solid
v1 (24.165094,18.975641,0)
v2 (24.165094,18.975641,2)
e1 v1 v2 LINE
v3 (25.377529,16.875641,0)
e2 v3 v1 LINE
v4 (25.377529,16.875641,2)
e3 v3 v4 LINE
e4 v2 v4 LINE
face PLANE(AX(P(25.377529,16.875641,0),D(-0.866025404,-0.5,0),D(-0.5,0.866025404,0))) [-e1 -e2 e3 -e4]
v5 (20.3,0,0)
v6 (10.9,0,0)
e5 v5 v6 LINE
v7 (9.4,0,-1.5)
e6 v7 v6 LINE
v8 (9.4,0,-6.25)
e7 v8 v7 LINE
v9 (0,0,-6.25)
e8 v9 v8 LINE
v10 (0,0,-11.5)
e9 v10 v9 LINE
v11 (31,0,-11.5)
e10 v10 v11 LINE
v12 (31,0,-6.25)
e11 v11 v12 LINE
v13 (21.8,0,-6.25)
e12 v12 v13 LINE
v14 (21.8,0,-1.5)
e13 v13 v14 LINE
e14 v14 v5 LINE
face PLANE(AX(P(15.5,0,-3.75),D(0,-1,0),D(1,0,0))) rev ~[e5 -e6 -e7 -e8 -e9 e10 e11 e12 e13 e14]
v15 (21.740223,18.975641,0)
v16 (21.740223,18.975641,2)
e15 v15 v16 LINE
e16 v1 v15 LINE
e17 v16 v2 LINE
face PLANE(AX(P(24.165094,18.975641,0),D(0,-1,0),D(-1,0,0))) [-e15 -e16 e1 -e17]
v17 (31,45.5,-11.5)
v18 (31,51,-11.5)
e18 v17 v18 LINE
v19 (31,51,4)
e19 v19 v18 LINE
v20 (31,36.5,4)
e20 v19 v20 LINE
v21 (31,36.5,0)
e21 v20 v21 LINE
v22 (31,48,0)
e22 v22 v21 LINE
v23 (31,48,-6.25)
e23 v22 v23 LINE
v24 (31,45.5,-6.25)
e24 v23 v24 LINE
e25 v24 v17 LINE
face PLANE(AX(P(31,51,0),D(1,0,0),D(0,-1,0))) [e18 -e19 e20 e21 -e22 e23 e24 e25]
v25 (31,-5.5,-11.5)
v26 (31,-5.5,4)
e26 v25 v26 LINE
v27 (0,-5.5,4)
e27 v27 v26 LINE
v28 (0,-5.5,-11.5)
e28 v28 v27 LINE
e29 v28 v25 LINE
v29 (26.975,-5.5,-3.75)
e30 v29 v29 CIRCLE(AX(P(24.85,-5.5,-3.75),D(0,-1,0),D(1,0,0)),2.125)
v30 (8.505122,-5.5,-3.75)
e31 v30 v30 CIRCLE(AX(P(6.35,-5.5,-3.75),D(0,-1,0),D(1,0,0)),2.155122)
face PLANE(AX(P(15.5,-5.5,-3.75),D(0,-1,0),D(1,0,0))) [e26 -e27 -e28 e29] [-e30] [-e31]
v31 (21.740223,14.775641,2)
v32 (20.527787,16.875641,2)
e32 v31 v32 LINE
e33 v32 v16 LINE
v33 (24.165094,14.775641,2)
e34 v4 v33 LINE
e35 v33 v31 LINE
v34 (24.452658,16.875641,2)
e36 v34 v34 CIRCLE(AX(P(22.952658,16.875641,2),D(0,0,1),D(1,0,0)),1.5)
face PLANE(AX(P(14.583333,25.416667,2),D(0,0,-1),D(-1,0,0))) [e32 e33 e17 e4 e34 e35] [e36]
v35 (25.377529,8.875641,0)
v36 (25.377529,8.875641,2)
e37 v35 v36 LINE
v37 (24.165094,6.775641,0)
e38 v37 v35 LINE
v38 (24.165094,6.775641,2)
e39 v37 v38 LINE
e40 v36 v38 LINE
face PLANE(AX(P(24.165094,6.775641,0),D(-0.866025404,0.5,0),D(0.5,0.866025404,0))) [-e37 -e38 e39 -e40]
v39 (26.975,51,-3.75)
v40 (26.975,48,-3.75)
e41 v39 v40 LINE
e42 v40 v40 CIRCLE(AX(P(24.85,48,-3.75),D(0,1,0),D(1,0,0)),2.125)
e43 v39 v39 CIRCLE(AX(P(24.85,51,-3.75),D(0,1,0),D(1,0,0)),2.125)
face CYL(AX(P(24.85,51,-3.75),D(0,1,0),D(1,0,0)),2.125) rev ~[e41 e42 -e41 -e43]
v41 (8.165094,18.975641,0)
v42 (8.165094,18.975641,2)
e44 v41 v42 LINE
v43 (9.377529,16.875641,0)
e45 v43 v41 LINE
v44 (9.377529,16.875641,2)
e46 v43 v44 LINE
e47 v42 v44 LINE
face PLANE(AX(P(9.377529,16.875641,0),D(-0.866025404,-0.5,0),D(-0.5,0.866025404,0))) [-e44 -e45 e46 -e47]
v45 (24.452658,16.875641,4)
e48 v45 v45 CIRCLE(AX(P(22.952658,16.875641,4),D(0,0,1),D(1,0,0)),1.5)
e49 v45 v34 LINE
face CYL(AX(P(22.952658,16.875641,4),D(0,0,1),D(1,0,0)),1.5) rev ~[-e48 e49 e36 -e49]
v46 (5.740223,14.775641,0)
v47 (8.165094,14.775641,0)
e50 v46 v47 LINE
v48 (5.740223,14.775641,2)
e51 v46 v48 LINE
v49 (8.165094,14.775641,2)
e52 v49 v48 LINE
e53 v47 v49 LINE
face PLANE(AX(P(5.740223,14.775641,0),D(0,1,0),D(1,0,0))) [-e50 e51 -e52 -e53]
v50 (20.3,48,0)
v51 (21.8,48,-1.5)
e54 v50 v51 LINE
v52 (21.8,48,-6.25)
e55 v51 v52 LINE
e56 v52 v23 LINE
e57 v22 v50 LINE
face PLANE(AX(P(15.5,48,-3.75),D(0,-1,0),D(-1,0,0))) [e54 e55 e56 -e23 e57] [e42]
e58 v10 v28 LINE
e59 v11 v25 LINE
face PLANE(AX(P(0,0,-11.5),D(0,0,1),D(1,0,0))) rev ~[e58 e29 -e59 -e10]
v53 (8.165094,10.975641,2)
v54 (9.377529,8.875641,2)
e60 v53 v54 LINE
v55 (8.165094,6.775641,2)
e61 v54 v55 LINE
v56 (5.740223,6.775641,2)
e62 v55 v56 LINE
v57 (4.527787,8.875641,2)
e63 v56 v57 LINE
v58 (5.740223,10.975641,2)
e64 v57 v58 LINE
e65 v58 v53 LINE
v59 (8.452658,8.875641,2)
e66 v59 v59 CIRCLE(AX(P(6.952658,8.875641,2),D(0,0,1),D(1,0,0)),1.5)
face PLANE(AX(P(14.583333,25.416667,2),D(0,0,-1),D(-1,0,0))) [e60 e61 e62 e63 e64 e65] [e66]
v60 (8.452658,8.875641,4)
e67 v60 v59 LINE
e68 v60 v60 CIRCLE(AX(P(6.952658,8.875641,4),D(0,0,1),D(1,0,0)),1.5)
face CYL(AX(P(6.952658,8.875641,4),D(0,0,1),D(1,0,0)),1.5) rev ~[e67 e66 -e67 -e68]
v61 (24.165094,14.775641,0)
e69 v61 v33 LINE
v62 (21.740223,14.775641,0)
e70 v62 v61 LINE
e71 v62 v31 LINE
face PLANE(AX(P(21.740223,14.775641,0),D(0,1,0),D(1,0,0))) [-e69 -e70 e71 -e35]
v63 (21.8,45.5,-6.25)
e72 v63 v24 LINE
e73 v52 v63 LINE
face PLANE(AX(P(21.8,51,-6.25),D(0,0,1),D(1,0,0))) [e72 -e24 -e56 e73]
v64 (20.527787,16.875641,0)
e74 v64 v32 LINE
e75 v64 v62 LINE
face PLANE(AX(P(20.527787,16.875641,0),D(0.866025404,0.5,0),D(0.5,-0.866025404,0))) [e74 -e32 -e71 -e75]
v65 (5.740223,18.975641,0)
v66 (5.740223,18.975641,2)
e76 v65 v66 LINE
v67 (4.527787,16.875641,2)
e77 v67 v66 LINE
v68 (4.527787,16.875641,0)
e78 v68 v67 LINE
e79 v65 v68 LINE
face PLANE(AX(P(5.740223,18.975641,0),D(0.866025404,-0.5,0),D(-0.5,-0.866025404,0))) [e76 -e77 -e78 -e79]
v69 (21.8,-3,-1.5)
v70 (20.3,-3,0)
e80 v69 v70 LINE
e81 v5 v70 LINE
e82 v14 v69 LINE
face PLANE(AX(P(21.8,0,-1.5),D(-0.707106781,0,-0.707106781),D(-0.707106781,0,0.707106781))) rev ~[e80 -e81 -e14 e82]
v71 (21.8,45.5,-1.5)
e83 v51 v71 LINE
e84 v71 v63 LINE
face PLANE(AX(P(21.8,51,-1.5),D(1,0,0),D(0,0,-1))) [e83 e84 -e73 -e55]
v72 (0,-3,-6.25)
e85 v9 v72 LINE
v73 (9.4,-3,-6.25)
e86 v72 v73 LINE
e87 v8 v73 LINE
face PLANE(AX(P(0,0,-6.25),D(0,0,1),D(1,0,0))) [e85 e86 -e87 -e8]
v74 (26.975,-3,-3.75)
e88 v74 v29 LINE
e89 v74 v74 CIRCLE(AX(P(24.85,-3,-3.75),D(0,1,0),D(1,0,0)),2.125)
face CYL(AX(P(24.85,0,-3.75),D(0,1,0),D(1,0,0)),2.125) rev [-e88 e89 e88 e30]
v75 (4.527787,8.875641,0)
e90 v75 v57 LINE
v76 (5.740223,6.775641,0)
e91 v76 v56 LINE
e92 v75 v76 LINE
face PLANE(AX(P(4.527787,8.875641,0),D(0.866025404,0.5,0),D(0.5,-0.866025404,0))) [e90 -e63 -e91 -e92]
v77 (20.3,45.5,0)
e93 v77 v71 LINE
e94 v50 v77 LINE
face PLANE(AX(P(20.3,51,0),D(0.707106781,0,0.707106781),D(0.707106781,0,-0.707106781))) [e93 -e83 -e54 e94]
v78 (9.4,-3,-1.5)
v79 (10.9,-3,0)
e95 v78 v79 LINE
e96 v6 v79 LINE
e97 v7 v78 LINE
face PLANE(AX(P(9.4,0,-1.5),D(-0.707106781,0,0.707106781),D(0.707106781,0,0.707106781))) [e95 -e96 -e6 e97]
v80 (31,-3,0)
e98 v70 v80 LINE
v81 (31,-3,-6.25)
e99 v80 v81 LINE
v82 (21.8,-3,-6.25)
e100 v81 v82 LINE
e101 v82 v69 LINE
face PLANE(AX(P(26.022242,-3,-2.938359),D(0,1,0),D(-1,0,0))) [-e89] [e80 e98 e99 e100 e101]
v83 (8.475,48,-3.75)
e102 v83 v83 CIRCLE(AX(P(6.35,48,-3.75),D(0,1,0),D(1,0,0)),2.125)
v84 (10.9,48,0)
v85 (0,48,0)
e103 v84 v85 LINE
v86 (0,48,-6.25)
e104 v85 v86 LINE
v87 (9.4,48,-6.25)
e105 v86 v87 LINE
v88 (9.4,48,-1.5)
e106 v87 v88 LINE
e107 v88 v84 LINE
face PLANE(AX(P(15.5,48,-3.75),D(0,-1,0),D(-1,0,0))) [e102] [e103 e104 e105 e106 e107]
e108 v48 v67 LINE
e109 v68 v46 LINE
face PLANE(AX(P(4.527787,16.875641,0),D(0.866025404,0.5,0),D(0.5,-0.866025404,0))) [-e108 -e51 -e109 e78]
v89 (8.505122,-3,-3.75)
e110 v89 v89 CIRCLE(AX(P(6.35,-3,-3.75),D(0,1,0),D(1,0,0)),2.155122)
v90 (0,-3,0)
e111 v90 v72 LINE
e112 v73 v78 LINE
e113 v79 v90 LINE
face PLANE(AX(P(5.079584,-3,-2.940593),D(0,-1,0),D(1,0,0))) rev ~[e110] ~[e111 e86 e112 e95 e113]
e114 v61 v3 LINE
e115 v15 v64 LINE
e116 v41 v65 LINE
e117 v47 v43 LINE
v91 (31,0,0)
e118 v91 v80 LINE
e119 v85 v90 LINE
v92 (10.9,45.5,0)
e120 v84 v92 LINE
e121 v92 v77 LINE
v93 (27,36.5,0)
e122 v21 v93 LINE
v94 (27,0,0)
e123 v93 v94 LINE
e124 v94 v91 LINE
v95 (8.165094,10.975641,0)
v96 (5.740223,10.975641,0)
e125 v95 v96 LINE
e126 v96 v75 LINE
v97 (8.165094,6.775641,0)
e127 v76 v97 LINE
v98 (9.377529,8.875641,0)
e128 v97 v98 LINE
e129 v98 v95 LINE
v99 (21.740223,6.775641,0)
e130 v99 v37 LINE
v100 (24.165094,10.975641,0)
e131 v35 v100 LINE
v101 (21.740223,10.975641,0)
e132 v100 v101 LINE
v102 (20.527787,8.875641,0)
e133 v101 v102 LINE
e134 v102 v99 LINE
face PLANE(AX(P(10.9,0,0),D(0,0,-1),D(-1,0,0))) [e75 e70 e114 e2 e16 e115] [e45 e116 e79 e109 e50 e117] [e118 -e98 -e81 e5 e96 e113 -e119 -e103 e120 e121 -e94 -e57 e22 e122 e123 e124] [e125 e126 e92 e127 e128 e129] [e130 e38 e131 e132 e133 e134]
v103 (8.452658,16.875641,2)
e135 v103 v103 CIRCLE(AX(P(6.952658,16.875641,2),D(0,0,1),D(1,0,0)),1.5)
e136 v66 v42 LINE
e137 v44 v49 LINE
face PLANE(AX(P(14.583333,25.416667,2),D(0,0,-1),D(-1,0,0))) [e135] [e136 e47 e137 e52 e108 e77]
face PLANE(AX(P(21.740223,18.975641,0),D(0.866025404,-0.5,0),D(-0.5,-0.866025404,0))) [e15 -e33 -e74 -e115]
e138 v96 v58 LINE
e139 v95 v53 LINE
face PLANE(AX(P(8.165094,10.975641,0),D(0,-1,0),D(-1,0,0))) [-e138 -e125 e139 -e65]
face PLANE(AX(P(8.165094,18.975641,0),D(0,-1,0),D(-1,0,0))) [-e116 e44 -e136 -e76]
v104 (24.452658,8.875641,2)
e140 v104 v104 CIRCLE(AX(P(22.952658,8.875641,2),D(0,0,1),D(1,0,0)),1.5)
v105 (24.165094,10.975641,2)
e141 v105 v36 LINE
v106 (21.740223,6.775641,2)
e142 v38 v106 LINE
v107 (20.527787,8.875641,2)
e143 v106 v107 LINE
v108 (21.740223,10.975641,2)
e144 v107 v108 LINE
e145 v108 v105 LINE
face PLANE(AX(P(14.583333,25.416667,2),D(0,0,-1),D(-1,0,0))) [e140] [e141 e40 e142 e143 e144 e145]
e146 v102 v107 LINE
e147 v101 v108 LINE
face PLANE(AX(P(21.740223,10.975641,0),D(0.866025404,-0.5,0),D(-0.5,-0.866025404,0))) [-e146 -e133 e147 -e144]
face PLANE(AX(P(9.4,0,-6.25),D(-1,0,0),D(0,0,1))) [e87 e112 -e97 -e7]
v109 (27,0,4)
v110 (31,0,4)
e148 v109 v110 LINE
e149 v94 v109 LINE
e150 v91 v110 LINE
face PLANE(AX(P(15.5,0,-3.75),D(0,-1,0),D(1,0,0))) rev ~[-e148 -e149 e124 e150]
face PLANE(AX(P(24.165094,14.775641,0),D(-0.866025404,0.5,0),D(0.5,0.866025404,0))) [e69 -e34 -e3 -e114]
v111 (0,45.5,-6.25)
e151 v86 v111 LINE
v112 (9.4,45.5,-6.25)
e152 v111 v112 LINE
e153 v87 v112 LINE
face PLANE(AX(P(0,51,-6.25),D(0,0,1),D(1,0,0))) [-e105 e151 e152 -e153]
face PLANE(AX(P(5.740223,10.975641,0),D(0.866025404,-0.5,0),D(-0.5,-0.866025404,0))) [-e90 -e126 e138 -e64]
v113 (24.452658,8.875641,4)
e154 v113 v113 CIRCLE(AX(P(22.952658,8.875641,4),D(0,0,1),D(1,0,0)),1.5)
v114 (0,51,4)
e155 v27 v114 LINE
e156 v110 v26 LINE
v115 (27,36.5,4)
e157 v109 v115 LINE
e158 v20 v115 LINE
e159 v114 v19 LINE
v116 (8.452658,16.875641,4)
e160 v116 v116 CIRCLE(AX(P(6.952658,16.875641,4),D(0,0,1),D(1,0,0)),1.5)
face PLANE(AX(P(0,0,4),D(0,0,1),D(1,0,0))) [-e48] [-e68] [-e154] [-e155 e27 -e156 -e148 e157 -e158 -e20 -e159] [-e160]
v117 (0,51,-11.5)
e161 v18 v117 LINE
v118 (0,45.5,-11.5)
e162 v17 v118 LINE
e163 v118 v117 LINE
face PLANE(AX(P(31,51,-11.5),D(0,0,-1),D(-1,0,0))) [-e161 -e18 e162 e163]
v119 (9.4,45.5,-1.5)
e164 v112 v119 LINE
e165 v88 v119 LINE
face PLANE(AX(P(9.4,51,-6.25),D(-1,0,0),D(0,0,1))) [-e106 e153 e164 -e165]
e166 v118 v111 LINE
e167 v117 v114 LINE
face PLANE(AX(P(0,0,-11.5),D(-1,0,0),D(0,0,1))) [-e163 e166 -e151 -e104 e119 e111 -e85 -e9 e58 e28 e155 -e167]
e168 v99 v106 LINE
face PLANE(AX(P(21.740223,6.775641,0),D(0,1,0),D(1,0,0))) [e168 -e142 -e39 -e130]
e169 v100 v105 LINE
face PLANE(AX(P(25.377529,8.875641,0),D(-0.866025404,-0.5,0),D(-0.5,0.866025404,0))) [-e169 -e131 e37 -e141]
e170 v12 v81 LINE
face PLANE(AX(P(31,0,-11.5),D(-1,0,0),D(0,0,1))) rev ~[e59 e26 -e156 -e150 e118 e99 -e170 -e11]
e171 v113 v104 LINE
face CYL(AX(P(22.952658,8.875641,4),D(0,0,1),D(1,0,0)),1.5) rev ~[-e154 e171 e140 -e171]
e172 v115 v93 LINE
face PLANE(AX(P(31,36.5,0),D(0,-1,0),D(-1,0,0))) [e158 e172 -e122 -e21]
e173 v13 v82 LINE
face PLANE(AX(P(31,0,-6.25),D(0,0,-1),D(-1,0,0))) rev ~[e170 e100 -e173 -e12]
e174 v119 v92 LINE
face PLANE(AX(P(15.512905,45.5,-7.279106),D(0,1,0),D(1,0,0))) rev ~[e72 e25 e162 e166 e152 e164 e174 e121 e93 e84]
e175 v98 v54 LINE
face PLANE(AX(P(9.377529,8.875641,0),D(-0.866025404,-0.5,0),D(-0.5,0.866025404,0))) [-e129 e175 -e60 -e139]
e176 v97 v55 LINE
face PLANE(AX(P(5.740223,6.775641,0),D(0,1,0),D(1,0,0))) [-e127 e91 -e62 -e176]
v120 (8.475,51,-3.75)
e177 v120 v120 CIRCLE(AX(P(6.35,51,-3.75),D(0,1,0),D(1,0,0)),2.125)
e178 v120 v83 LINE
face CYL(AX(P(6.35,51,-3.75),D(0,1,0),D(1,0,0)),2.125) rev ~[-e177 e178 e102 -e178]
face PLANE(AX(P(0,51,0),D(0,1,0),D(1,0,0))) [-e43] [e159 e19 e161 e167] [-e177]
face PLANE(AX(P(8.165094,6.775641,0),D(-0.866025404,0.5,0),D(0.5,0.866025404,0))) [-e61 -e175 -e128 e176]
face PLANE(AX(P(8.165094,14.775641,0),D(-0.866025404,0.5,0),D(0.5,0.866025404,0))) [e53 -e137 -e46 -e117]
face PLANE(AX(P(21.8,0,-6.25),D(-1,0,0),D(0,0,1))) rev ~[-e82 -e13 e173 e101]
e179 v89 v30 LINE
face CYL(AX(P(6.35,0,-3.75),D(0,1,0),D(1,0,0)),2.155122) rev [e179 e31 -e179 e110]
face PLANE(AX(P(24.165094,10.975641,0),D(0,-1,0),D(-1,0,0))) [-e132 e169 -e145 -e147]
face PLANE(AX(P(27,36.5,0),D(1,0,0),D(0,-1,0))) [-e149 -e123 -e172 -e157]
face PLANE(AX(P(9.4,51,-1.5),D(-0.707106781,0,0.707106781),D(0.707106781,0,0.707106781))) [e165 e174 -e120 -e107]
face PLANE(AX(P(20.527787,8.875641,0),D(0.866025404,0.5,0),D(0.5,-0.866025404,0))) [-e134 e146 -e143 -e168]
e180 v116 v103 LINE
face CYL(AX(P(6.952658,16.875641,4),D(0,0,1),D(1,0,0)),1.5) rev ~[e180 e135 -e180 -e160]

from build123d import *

# Parameters (mm, degrees)
BOSS_EXTRUDE1_DEPTH = 4
SKETCH2_R           = 1.5
BOSS_EXTRUDE2_DEPTH = 2
BOSS_EXTRUDE3_DEPTH = 5.5
SKETCH4_R           = 2.125
BOSS_EXTRUDE4_DEPTH = 3
SKETCH6_W           = 31
SKETCH6_H           = 15.5
SKETCH6_R           = 2.155122413
SKETCH6_R_2         = 2.125
BOSS_EXTRUDE5_DEPTH = 5.5
CUT_EXTRUDE4_DEPTH  = 3


with BuildPart() as part:
    # Sketch1 → Boss-Extrude1 (new body)
    with BuildSketch(Plane.XY):
        Polygon((0, 51), (31, 51), (31, 36.5), (27, 36.5), (27, 0), (0, 0), align=None)
        Polygon((24.165093822, 18.975641236), (21.740222692, 18.975641236), (20.527787127, 16.875641236), (21.740222692, 14.775641236), (24.165093822, 14.775641236), (25.377529388, 16.875641236), align=None, mode=Mode.SUBTRACT)
        Polygon((24.165093822, 10.975641236), (21.740222692, 10.975641236), (20.527787127, 8.875641236), (21.740222692, 6.775641236), (24.165093822, 6.775641236), (25.377529388, 8.875641236), align=None, mode=Mode.SUBTRACT)
        Polygon((8.165093822, 18.975641236), (5.740222692, 18.975641236), (4.527787127, 16.875641236), (5.740222692, 14.775641236), (8.165093822, 14.775641236), (9.377529388, 16.875641236), align=None, mode=Mode.SUBTRACT)
        Polygon((8.165093822, 10.975641236), (5.740222692, 10.975641236), (4.527787127, 8.875641236), (5.740222692, 6.775641236), (8.165093822, 6.775641236), (9.377529388, 8.875641236), align=None, mode=Mode.SUBTRACT)
    extrude(amount=BOSS_EXTRUDE1_DEPTH)

    # Sketch2 → Boss-Extrude2 (add)
    with BuildSketch(Plane.XY.offset(4)):
        Polygon((0, 51), (31, 51), (31, 36.5), (27, 36.5), (27, -2), (0, -2), align=None)
        with Locations((22.952658257, 16.875641236)):
            Circle(SKETCH2_R, mode=Mode.SUBTRACT)
        with Locations((22.952658257, 8.875641236)):
            Circle(SKETCH2_R, mode=Mode.SUBTRACT)
        with Locations((6.952658257, 8.875641236)):
            Circle(SKETCH2_R, mode=Mode.SUBTRACT)
        with Locations((6.952658257, 16.875641236)):
            Circle(SKETCH2_R, mode=Mode.SUBTRACT)
    extrude(amount=-BOSS_EXTRUDE2_DEPTH)

    # Sketch3 → Boss-Extrude3 (add)
    with BuildSketch(Plane(origin=(0, 51, 0), x_dir=(1, 0, 0), z_dir=(0, 1, 0))):
        Polygon((10.9, 0), (20.3, 0), (21.8, 1.5), (21.8, 6.25), (31, 6.25), (31, 11.5), (0, 11.5), (0, 11.25), (0, 6.25), (1.8, 6.25), (9.4, 6.25), (9.4, 1.5), align=None)
    extrude(amount=-BOSS_EXTRUDE3_DEPTH)

    # Sketch4 → Boss-Extrude4 (add)
    with BuildSketch(Plane(origin=(0, 51, 0), x_dir=(1, 0, 0), z_dir=(0, 1, 0))):
        Polygon((31, -4), (0, -4), (0, 11.5), (31, 11.5), (31, 0), align=None)
        with Locations((6.35, 3.75)):
            Circle(SKETCH4_R, mode=Mode.SUBTRACT)
        with Locations((24.85, 3.75)):
            Circle(SKETCH4_R, mode=Mode.SUBTRACT)
    extrude(amount=-BOSS_EXTRUDE4_DEPTH)

    # Sketch6 → Boss-Extrude5 (add)
    with BuildSketch(Plane.XZ):
        with Locations((15.5, -3.75)):
            Rectangle(SKETCH6_W, SKETCH6_H)
        with Locations((6.35, -3.75)):
            Circle(SKETCH6_R, mode=Mode.SUBTRACT)
        with Locations((24.85, -3.75)):
            Circle(SKETCH6_R_2, mode=Mode.SUBTRACT)
    extrude(amount=BOSS_EXTRUDE5_DEPTH)

    # Sketch7 → Cut-Extrude4 (cut)
    with BuildSketch(Plane.XZ):
        Polygon((10.9, 0), (0, 0), (0, -6.25), (9.4, -6.25), (9.4, -1.5), align=None)
        Polygon((20.3, 0), (31, 0), (31, -6.25), (21.8, -6.25), (21.8, -1.5), align=None)
    extrude(amount=CUT_EXTRUDE4_DEPTH, mode=Mode.SUBTRACT)


solid = part.part
